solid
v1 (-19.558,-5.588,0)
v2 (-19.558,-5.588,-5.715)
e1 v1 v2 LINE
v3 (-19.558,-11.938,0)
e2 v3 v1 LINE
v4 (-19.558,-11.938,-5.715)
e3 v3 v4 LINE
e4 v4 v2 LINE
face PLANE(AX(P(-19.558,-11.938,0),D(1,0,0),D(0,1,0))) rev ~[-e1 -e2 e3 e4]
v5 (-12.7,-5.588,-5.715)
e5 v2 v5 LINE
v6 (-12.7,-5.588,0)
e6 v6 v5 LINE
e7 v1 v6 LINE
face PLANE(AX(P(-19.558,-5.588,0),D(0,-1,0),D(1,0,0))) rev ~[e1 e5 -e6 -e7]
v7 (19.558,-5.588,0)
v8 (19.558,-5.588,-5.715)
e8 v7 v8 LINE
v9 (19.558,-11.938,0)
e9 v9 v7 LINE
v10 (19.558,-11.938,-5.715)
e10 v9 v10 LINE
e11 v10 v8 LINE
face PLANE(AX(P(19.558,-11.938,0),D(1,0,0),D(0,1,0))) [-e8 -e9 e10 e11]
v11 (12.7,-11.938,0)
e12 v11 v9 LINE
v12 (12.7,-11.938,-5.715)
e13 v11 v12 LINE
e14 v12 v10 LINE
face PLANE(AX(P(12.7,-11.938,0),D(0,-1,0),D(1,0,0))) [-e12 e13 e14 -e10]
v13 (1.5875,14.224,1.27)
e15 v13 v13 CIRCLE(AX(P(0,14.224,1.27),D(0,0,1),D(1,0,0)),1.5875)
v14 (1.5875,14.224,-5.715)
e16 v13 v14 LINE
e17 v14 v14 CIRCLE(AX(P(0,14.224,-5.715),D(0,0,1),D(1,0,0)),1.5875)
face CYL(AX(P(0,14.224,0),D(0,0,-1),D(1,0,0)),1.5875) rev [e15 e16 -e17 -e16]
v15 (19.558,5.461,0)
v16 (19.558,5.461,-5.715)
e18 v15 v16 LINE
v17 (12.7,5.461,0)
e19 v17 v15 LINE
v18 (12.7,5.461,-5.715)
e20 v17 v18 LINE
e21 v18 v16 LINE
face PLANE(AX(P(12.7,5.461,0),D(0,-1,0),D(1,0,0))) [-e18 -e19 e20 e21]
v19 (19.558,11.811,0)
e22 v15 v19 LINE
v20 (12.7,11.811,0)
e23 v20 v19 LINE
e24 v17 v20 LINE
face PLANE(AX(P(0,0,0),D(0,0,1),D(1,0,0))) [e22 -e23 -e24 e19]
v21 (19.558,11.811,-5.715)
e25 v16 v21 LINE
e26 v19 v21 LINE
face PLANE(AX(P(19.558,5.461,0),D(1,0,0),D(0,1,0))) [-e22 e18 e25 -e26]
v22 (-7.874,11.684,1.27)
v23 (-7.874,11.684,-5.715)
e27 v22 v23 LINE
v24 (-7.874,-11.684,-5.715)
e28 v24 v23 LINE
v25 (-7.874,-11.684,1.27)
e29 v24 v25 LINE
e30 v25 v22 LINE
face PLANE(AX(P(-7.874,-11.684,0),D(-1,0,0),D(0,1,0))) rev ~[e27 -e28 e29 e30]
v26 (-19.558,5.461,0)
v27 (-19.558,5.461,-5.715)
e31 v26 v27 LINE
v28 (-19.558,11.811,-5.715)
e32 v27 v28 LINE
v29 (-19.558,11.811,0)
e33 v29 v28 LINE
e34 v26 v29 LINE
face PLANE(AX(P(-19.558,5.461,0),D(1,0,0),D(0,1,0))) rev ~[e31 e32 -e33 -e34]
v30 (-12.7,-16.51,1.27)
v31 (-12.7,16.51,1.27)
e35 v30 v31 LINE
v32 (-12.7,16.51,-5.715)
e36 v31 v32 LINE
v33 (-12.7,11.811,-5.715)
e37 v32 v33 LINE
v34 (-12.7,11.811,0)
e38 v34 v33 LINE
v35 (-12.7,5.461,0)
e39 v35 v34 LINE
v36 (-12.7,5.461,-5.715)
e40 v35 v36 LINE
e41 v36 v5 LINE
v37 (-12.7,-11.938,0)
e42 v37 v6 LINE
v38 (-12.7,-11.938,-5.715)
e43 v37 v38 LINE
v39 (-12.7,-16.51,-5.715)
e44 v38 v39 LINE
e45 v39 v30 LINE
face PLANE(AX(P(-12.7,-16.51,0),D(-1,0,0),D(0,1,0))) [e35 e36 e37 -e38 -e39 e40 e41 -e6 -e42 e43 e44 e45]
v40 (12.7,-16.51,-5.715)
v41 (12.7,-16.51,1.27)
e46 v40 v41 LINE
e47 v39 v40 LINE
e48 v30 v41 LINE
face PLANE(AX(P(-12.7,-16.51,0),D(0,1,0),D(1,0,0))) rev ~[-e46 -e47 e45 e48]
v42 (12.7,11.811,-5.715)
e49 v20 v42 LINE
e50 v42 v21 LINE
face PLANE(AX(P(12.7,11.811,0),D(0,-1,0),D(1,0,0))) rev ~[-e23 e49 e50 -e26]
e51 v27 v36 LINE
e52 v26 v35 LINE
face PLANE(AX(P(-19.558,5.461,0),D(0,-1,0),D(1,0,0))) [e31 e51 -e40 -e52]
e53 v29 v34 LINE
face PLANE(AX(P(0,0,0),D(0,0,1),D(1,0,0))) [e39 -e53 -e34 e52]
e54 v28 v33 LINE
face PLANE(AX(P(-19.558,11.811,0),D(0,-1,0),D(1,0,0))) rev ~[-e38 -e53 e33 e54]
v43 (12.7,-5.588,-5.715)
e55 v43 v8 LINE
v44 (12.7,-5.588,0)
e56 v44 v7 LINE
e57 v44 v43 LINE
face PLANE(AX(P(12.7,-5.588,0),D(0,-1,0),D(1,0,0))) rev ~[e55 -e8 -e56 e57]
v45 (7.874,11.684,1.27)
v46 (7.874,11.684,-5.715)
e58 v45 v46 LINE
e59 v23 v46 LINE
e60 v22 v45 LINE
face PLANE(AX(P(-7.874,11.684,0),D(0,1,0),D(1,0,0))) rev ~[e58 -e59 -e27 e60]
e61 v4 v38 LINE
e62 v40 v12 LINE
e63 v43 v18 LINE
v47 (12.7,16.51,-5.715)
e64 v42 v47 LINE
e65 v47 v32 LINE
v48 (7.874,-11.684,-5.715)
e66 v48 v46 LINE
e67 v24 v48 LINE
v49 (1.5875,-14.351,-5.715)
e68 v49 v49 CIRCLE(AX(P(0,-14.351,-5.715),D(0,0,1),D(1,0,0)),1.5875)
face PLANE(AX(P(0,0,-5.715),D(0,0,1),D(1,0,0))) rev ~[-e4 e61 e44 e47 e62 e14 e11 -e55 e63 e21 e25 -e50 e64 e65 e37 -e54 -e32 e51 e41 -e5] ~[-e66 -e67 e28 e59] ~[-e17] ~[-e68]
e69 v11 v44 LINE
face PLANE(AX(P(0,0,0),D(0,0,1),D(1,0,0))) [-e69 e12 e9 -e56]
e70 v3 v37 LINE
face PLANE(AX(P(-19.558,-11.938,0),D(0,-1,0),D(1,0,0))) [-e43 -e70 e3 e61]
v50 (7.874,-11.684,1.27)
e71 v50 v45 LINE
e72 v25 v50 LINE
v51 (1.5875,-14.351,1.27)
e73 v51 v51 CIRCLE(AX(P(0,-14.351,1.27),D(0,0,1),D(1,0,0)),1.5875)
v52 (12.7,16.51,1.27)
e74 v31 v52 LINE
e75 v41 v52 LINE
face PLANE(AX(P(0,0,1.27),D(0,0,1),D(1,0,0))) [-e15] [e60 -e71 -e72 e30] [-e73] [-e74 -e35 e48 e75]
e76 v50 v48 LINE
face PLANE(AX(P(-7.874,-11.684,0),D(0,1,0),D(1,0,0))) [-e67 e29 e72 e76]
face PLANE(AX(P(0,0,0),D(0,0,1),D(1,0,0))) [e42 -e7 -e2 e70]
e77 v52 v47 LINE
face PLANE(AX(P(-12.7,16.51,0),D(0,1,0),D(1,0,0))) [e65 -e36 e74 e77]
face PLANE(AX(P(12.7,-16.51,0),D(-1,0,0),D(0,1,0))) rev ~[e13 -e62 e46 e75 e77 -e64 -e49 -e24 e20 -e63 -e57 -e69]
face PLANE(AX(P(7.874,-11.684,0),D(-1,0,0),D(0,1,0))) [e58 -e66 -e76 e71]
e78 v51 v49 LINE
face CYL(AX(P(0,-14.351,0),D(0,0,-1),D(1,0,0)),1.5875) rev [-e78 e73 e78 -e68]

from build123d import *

# Parameters (mm, degrees)
F0_R     = 1.5875
F0_W     = 15.748
F0_H     = 23.368
F0_W_2   = 6.858
F0_H_2   = 6.35
F1_DEPTH = 5.715
F2_W     = 25.4
F2_H     = 33.02
F2_R     = 1.5875
F2_W_2   = 15.748
F2_H_2   = 23.368
F3_DEPTH = 1.27


with BuildPart() as f1:
    # F0 (on Top) → F1 (new body)
    with BuildSketch(Plane.XY):
        Polygon((12.7, 16.51), (-12.7, 16.51), (-12.7, 11.811), (-12.7, 5.461), (-12.7, -5.588), (-12.7, -11.938), (-12.7, -16.51), (12.7, -16.51), (12.7, -11.938), (12.7, -5.588), (12.7, 5.461), (12.7, 11.811), align=None)
        with Locations((0, -14.351)):
            Circle(F0_R, mode=Mode.SUBTRACT)
        Rectangle(F0_W, F0_H, mode=Mode.SUBTRACT)
        with Locations((0, 14.224)):
            Circle(F0_R, mode=Mode.SUBTRACT)
        with Locations((-16.129, 8.636)):
            Rectangle(F0_W_2, F0_H_2)
        with Locations((16.129, 8.636)):
            Rectangle(F0_W_2, F0_H_2)
        with Locations((-16.129, -8.763)):
            Rectangle(F0_W_2, F0_H_2)
        with Locations((16.129, -8.763)):
            Rectangle(F0_W_2, F0_H_2)
    extrude(amount=-F1_DEPTH)

    # F2 (on face) → F3 (join)
    with BuildSketch(Plane.XY):
        Rectangle(F2_W, F2_H)
        with Locations((0, -14.351)):
            Circle(F2_R, mode=Mode.SUBTRACT)
        with Locations((0, 14.224)):
            Circle(F2_R, mode=Mode.SUBTRACT)
        Rectangle(F2_W_2, F2_H_2, mode=Mode.SUBTRACT)
    extrude(amount=F3_DEPTH)


solid = f1.part
